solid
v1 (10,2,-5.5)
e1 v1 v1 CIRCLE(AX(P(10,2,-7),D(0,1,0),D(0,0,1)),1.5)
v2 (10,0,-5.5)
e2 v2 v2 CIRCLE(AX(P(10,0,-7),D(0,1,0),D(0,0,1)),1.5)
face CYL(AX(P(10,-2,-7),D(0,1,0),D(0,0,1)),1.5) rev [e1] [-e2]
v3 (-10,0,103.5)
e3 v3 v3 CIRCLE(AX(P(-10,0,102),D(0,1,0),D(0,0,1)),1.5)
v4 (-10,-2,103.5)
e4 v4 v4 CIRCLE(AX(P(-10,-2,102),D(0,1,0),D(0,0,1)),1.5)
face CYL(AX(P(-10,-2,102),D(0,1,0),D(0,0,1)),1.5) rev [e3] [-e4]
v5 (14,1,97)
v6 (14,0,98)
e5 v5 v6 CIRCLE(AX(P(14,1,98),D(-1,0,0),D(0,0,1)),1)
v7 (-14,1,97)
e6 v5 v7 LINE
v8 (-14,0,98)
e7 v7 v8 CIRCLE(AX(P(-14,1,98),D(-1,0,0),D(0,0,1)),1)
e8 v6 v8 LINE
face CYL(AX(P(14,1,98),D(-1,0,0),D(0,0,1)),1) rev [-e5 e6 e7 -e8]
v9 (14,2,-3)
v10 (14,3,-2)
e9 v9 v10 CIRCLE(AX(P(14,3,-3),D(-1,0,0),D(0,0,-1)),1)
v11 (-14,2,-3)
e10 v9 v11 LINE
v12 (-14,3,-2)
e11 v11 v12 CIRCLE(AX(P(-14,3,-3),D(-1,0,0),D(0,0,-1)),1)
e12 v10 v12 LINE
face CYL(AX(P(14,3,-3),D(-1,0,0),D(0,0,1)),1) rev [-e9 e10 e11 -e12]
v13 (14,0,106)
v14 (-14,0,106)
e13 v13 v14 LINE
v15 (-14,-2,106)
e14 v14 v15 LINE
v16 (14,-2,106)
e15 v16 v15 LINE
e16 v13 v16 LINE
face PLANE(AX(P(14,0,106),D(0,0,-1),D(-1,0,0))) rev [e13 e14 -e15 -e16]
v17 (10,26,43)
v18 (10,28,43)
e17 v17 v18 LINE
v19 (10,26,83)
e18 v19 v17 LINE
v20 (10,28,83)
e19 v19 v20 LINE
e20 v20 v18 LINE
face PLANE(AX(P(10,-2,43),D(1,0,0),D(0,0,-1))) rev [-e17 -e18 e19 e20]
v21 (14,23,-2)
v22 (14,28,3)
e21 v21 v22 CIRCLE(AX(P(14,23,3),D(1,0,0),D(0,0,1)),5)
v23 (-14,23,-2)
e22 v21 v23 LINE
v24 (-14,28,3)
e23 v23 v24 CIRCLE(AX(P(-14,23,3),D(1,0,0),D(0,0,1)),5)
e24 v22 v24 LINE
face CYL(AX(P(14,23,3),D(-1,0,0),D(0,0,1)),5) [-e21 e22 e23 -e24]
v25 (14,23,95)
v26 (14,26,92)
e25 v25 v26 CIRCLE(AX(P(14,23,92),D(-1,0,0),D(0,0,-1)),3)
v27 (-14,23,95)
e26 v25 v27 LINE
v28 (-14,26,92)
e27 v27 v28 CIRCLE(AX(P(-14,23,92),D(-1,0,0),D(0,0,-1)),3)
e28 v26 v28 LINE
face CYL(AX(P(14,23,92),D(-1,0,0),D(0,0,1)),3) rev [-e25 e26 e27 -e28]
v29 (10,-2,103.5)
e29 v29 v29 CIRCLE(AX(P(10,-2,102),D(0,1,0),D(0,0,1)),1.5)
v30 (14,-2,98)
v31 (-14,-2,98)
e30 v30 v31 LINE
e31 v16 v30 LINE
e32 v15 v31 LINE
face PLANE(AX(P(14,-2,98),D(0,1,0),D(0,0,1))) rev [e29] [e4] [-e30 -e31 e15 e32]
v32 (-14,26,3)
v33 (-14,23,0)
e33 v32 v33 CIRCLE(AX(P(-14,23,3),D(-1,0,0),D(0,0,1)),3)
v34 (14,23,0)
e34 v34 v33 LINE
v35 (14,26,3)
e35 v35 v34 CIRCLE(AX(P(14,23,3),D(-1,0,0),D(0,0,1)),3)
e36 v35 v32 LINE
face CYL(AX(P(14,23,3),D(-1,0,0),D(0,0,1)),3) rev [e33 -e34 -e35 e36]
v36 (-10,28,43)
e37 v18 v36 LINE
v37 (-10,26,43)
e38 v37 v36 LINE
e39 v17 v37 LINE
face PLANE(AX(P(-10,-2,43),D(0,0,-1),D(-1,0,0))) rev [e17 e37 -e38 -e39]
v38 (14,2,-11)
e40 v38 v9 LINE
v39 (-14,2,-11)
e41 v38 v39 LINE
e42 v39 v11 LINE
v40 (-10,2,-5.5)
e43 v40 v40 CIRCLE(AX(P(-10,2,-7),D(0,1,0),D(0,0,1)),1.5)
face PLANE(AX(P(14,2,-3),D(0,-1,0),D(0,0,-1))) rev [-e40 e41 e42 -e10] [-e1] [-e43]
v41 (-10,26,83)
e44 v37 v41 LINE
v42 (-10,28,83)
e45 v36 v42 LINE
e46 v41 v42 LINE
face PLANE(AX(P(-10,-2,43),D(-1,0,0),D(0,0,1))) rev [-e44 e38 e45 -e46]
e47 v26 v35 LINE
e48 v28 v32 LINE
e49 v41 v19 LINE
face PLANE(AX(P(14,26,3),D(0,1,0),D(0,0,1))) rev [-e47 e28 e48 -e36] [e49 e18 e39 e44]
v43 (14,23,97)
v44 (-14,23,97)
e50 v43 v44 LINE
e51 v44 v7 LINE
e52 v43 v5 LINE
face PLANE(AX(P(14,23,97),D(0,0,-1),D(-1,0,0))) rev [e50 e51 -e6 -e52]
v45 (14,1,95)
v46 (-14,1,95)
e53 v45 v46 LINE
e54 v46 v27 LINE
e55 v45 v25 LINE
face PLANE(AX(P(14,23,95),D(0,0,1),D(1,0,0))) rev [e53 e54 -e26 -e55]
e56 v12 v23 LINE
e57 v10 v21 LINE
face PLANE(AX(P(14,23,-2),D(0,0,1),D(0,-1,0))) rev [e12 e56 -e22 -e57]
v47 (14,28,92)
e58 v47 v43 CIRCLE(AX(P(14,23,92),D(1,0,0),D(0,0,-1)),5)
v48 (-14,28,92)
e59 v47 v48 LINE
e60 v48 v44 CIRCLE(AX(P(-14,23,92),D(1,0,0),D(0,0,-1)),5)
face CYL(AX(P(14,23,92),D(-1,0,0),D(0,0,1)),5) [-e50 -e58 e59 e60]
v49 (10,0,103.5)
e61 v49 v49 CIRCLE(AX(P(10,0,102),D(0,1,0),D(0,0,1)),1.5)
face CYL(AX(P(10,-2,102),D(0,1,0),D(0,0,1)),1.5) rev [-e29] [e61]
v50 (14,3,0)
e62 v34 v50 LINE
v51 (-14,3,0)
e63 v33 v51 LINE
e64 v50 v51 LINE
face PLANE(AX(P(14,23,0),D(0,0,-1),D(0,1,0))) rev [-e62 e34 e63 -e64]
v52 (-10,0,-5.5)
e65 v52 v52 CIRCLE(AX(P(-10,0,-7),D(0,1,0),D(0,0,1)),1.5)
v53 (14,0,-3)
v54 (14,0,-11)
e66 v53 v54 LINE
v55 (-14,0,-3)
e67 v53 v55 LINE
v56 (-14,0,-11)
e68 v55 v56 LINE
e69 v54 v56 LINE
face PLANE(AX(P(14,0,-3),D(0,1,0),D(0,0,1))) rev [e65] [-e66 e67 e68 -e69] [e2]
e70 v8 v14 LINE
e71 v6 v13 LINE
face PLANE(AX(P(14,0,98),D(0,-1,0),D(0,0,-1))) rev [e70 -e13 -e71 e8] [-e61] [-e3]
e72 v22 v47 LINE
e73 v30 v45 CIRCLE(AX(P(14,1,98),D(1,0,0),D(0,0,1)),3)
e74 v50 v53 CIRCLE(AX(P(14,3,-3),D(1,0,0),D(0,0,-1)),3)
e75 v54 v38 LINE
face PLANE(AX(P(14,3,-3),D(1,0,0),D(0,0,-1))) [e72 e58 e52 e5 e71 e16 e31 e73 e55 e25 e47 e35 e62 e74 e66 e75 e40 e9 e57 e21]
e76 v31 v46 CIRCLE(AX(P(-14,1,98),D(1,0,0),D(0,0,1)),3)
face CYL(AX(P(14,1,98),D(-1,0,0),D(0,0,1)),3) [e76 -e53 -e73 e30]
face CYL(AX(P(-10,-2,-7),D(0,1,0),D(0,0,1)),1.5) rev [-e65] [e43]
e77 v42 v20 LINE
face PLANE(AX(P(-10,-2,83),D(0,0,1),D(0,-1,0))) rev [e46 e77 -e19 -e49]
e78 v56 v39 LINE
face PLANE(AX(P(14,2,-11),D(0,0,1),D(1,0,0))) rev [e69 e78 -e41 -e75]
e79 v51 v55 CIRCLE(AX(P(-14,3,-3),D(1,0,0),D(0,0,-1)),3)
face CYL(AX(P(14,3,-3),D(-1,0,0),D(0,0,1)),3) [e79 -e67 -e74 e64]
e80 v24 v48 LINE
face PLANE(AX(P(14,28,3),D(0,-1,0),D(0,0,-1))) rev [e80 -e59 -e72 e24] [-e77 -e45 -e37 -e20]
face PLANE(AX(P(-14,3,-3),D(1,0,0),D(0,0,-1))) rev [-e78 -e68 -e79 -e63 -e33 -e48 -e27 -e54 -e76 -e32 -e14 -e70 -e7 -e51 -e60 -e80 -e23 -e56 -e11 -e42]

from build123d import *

# Parameters (mm, degrees)
BOSS_EXTRUDE1_DEPTH = 14
SKETCH2_W           = 20
SKETCH2_H           = 40
CUT_EXTRUDE1_DEPTH  = 112.049538495
SKETCH3_R           = 1.5
CUT_EXTRUDE2_DEPTH  = 111.526015037
SKETCH4_R           = 1.5
CUT_EXTRUDE3_DEPTH  = 111.036357628


with BuildPart() as part:
    # Sketch1 → Boss-Extrude1 (new, symmetric)
    with BuildSketch(Plane(origin=(0, 0, 0), x_dir=(0, 0, -1), z_dir=(1, 0, 0))):
        with BuildLine():
            Line((3, 0), (11, 0))
            Line((11, 0), (11, 2))
            Line((11, 2), (3, 2))
            ThreePointArc((3, 2), (2.292893219, 2.292893219), (2, 3))
            Line((2, 3), (2, 23))
            ThreePointArc((2, 23), (0.535533906, 26.535533906), (-3, 28))
            Line((-3, 28), (-92, 28))
            ThreePointArc((-92, 28), (-95.535533906, 26.535533906), (-97, 23))
            Line((-97, 23), (-97, 1))
            ThreePointArc((-97, 1), (-97.292893219, 0.292893219), (-98, 0))
            Line((-98, 0), (-106, 0))
            Line((-106, 0), (-106, -2))
            Line((-106, -2), (-98, -2))
            ThreePointArc((-98, -2), (-95.878679656, -1.121320344), (-95, 1))
            Line((-95, 1), (-95, 23))
            ThreePointArc((-95, 23), (-94.121320344, 25.121320344), (-92, 26))
            Line((-92, 26), (-3, 26))
            ThreePointArc((-3, 26), (-0.878679656, 25.121320344), (0, 23))
            Line((0, 23), (0, 3))
            ThreePointArc((0, 3), (0.878679656, 0.878679656), (3, 0))
        make_face()
    extrude(amount=BOSS_EXTRUDE1_DEPTH, both=True)

    # Sketch2 → Cut-Extrude1 (cut, through all)
    with BuildSketch(Plane(origin=(0, 28, 0), x_dir=(1, 0, 0), z_dir=(0, 1, 0))):
        with Locations((0, -63)):
            Rectangle(SKETCH2_W, SKETCH2_H)
    extrude(amount=-CUT_EXTRUDE1_DEPTH, mode=Mode.SUBTRACT)

    # Sketch3 → Cut-Extrude2 (cut, through all)
    with BuildSketch(Plane(origin=(0, 0, 0), x_dir=(1, 0, 0), z_dir=(0, 1, 0))):
        with Locations(Location((10, -102, 0), (0, 0, 270))):
            Circle(SKETCH3_R)
        with Locations(Location((-10, -102, 0), (0, 0, 270))):
            Circle(SKETCH3_R)
    extrude(amount=-CUT_EXTRUDE2_DEPTH, mode=Mode.SUBTRACT)

    # Sketch4 → Cut-Extrude3 (cut, through all)
    with BuildSketch(Plane(origin=(0, 2, 0), x_dir=(1, 0, 0), z_dir=(0, 1, 0))):
        with Locations(Location((10, 7, 0), (0, 0, 270))):
            Circle(SKETCH4_R)
        with Locations(Location((-10, 7, 0), (0, 0, 270))):
            Circle(SKETCH4_R)
    extrude(amount=-CUT_EXTRUDE3_DEPTH, mode=Mode.SUBTRACT)


solid = part.part
